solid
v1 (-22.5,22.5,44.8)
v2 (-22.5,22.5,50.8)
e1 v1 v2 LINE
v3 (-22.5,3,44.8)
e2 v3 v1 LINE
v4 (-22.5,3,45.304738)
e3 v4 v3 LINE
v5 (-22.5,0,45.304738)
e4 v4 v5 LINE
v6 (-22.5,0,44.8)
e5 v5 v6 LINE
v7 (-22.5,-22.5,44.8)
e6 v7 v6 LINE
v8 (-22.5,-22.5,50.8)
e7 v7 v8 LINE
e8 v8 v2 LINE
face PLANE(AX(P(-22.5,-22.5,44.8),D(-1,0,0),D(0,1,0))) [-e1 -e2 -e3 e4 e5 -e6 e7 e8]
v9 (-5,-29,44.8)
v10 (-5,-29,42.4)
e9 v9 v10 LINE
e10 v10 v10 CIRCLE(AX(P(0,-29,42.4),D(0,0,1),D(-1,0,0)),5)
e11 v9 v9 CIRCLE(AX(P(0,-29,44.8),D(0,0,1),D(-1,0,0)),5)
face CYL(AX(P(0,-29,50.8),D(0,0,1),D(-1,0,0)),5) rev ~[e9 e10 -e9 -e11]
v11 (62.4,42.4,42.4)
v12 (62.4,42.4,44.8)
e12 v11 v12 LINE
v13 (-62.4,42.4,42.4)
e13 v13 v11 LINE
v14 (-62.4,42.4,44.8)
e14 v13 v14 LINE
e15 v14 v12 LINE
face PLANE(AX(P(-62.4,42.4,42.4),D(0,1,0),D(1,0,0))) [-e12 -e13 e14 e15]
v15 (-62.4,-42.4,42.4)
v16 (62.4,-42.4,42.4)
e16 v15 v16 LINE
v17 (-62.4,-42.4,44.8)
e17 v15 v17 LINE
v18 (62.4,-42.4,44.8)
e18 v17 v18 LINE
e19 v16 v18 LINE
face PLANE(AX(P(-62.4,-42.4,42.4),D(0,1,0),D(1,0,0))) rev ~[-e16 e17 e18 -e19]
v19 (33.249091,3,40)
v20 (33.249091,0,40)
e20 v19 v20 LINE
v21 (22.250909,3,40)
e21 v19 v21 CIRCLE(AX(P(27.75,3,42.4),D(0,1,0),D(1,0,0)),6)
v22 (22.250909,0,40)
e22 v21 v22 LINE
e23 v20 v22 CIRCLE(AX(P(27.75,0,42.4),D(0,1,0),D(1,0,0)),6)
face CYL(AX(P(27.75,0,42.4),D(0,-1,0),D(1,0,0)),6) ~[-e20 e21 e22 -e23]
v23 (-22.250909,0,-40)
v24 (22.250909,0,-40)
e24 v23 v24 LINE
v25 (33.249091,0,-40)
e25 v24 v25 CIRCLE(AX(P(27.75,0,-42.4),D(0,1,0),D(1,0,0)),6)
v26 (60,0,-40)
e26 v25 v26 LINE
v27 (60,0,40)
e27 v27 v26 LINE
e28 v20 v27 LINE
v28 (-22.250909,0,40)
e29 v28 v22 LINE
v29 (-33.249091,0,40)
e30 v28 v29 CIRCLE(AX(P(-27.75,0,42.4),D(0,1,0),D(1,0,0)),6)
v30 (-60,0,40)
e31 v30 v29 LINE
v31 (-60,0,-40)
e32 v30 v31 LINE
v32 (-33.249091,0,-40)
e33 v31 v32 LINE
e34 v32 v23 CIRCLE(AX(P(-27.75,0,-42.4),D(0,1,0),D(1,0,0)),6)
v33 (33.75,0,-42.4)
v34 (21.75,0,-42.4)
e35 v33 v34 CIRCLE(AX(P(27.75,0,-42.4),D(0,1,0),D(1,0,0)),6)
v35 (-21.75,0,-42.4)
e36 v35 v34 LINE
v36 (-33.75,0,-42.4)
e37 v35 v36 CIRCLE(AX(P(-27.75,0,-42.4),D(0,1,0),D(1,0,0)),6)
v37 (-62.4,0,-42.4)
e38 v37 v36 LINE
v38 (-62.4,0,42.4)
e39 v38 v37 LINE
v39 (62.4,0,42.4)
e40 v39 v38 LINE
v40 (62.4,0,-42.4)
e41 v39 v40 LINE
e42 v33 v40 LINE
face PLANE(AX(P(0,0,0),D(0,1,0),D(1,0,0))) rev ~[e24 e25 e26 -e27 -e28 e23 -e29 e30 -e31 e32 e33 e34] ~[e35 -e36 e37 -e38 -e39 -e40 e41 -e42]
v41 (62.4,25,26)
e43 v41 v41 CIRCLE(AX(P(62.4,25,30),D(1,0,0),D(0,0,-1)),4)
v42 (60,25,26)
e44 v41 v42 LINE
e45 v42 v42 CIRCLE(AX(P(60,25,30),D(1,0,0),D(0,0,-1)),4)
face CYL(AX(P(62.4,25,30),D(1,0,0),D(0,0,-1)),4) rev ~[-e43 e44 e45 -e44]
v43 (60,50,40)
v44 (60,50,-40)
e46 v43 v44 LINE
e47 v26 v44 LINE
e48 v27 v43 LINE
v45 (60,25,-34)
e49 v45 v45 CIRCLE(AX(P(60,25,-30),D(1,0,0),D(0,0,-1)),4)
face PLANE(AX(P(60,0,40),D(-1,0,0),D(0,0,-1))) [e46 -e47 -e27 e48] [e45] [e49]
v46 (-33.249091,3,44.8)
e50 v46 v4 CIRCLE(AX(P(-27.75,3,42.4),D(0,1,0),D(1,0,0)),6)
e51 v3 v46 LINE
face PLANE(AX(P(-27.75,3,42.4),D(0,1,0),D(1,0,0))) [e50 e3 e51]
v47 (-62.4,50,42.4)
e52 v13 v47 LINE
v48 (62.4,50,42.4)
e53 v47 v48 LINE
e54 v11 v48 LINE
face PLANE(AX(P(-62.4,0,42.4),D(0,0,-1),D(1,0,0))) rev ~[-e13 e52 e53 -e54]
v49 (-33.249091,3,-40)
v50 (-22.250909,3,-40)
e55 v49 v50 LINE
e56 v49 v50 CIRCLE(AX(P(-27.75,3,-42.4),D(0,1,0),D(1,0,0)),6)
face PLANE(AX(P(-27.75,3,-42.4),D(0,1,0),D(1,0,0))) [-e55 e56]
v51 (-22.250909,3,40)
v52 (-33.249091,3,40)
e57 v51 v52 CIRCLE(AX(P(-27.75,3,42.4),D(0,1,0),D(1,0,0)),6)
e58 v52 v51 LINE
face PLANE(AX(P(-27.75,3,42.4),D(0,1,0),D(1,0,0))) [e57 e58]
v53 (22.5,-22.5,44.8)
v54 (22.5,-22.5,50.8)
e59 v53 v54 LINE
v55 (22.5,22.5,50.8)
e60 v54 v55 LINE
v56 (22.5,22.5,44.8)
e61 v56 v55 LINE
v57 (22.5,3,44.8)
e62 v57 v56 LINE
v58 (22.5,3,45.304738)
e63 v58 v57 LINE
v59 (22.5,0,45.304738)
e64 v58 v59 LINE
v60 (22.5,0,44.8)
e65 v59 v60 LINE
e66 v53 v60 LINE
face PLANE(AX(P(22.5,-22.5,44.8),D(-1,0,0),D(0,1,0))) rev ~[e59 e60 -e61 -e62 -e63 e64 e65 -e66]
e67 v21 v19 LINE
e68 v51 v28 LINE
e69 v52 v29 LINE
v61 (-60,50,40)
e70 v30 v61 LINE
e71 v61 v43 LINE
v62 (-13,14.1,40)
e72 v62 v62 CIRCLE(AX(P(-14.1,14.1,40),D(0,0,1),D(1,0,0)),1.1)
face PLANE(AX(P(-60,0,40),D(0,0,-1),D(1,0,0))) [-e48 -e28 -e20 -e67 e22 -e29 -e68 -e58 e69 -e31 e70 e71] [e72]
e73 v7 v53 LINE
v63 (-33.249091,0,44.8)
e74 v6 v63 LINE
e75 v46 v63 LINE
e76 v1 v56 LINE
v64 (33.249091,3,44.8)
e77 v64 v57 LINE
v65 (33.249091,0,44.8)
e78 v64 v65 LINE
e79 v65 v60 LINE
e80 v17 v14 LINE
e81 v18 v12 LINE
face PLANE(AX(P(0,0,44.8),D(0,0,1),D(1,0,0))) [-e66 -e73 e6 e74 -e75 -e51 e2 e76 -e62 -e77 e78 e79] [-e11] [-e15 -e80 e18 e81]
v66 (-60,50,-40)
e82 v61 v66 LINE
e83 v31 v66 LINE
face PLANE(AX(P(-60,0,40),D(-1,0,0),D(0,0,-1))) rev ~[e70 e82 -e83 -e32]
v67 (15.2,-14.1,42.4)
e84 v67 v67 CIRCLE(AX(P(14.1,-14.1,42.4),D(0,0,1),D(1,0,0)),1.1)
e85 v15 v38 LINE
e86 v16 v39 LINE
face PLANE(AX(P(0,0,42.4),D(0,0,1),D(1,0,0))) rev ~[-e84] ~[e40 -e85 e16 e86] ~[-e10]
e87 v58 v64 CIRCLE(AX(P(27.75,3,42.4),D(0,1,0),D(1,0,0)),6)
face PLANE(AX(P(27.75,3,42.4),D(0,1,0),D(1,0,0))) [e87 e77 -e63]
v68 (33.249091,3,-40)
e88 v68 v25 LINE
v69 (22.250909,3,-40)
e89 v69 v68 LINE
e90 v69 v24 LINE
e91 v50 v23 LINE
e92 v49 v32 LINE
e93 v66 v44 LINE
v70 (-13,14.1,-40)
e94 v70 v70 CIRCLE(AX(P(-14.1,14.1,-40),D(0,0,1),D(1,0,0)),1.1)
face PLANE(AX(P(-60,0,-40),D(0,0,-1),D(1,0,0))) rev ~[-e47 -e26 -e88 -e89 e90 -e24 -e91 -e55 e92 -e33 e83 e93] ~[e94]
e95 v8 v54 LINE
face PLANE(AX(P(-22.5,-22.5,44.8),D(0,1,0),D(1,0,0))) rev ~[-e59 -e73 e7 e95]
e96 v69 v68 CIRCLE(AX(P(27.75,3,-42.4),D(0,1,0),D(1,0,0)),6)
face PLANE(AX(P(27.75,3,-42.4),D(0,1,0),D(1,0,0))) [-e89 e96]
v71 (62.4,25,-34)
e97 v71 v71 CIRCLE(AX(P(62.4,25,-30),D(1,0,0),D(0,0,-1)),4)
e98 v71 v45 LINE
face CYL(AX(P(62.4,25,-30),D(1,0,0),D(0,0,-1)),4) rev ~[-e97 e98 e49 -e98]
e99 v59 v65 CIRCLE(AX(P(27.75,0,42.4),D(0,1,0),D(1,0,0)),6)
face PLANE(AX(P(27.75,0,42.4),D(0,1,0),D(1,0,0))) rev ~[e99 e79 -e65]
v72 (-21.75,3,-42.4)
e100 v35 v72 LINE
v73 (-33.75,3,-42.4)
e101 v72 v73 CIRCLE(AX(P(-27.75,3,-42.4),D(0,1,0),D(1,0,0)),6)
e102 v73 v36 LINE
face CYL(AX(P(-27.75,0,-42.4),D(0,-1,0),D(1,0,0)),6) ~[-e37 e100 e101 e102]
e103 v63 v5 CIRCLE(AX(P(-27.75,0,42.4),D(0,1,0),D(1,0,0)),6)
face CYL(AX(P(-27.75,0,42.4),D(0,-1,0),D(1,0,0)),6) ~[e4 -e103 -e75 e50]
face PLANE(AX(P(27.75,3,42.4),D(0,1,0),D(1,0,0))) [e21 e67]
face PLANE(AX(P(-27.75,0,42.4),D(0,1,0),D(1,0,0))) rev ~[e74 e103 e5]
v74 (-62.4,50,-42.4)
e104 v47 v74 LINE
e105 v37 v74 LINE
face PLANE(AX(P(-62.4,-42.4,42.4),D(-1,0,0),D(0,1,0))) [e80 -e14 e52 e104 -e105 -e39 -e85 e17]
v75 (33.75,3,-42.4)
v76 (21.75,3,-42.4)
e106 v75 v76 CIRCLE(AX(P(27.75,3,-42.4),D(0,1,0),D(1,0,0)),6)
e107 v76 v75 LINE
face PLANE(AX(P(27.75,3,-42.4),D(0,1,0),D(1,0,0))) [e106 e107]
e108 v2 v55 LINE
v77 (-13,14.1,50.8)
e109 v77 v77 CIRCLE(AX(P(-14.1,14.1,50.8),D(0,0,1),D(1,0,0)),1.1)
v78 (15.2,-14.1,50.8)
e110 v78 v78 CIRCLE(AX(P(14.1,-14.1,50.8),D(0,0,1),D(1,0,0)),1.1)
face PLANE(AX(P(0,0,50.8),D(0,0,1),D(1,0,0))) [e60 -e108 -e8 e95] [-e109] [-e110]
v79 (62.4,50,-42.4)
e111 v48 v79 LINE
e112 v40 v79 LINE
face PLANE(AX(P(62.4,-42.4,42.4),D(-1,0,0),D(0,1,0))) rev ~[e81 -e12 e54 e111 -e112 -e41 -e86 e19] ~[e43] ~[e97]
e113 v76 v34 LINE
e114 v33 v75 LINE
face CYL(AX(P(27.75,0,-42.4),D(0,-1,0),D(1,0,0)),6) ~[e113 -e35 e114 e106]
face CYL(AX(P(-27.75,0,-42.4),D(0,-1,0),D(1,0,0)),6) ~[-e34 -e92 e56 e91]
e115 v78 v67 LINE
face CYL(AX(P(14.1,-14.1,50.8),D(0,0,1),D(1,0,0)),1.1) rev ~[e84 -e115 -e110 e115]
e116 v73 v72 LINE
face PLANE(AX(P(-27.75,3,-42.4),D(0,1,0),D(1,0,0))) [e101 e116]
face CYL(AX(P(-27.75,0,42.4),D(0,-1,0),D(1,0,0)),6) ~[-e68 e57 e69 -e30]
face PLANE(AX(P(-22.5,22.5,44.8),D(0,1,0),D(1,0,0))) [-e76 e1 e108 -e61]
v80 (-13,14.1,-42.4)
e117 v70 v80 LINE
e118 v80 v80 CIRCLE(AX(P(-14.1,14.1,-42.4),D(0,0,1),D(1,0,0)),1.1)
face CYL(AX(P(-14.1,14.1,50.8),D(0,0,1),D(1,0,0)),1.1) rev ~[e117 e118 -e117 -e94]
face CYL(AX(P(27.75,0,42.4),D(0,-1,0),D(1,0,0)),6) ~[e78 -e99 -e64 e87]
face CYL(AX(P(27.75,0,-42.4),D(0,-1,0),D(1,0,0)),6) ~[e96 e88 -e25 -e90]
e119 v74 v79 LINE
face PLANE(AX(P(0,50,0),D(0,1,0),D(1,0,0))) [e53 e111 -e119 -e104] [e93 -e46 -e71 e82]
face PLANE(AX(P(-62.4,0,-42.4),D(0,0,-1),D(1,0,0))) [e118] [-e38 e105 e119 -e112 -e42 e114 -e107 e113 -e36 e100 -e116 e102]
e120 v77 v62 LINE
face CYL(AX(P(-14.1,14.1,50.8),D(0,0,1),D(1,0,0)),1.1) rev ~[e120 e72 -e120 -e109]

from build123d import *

# Parameters (mm, degrees)
SKETCH1_W           = 124.8
SKETCH1_H           = 84.8
SKETCH1_W_2         = 120
SKETCH1_H_2         = 80
BOSS_EXTRUDE1_DEPTH = 50
SKETCH2_W           = 124.8
SKETCH2_H           = 84.8
BOSS_EXTRUDE2_DEPTH = 2.4
SKETCH3_W           = 45
SKETCH3_H           = 45
BOSS_EXTRUDE3_DEPTH = 6
SKETCH4_R           = 1.1
SKETCH4_R_2         = 5
CUT_EXTRUDE1_DEPTH  = 123.800651464
SKETCH5_R           = 4
CUT_EXTRUDE2_DEPTH  = 3
SKETCH6_R           = 6
BOSS_EXTRUDE4_DEPTH = 3


with BuildPart() as part:
    # Sketch1 → Boss-Extrude1 (new body)
    with BuildSketch(Plane(origin=(0, 0, 0), x_dir=(1, 0, 0), z_dir=(0, 1, 0))):
        Rectangle(SKETCH1_W, SKETCH1_H)
        Rectangle(SKETCH1_W_2, SKETCH1_H_2, mode=Mode.SUBTRACT)
    extrude(amount=BOSS_EXTRUDE1_DEPTH)

    # Sketch2 → Boss-Extrude2 (add)
    with BuildSketch(Plane.XY.offset(42.4)):
        Rectangle(SKETCH2_W, SKETCH2_H)
    extrude(amount=BOSS_EXTRUDE2_DEPTH)

    # Sketch3 → Boss-Extrude3 (add)
    with BuildSketch(Plane.XY.offset(44.8)):
        Rectangle(SKETCH3_W, SKETCH3_H)
    extrude(amount=BOSS_EXTRUDE3_DEPTH)

    # Sketch4 → Cut-Extrude1 (cut, through all)
    with BuildSketch(Plane.XY.offset(50.8)):
        with Locations((-14.1, 14.1)):
            Circle(SKETCH4_R)
        with Locations((14.1, -14.1)):
            Circle(SKETCH4_R)
        with Locations(Location((0, -29, 0), (0, 0, 180))):
            Circle(SKETCH4_R_2)
    extrude(amount=-CUT_EXTRUDE1_DEPTH, mode=Mode.SUBTRACT)

    # Sketch5 → Cut-Extrude2 (cut)
    with BuildSketch(Plane(origin=(62.4, 0, 0), x_dir=(0, 0, -1), z_dir=(1, 0, 0))):
        with Locations((-30, 25)):
            Circle(SKETCH5_R)
        with Locations((30, 25)):
            Circle(SKETCH5_R)
    extrude(amount=-CUT_EXTRUDE2_DEPTH, mode=Mode.SUBTRACT)

    # Sketch6 → Boss-Extrude4 (add)
    with BuildSketch(Plane(origin=(0, 0, 0), x_dir=(1, 0, 0), z_dir=(0, 1, 0))):
        with Locations((-27.75, -42.4)):
            Circle(SKETCH6_R)
        with Locations((27.75, -42.4)):
            Circle(SKETCH6_R)
        with Locations((-27.75, 42.4)):
            Circle(SKETCH6_R)
        with Locations((27.75, 42.4)):
            Circle(SKETCH6_R)
    extrude(amount=BOSS_EXTRUDE4_DEPTH)


solid = part.part
